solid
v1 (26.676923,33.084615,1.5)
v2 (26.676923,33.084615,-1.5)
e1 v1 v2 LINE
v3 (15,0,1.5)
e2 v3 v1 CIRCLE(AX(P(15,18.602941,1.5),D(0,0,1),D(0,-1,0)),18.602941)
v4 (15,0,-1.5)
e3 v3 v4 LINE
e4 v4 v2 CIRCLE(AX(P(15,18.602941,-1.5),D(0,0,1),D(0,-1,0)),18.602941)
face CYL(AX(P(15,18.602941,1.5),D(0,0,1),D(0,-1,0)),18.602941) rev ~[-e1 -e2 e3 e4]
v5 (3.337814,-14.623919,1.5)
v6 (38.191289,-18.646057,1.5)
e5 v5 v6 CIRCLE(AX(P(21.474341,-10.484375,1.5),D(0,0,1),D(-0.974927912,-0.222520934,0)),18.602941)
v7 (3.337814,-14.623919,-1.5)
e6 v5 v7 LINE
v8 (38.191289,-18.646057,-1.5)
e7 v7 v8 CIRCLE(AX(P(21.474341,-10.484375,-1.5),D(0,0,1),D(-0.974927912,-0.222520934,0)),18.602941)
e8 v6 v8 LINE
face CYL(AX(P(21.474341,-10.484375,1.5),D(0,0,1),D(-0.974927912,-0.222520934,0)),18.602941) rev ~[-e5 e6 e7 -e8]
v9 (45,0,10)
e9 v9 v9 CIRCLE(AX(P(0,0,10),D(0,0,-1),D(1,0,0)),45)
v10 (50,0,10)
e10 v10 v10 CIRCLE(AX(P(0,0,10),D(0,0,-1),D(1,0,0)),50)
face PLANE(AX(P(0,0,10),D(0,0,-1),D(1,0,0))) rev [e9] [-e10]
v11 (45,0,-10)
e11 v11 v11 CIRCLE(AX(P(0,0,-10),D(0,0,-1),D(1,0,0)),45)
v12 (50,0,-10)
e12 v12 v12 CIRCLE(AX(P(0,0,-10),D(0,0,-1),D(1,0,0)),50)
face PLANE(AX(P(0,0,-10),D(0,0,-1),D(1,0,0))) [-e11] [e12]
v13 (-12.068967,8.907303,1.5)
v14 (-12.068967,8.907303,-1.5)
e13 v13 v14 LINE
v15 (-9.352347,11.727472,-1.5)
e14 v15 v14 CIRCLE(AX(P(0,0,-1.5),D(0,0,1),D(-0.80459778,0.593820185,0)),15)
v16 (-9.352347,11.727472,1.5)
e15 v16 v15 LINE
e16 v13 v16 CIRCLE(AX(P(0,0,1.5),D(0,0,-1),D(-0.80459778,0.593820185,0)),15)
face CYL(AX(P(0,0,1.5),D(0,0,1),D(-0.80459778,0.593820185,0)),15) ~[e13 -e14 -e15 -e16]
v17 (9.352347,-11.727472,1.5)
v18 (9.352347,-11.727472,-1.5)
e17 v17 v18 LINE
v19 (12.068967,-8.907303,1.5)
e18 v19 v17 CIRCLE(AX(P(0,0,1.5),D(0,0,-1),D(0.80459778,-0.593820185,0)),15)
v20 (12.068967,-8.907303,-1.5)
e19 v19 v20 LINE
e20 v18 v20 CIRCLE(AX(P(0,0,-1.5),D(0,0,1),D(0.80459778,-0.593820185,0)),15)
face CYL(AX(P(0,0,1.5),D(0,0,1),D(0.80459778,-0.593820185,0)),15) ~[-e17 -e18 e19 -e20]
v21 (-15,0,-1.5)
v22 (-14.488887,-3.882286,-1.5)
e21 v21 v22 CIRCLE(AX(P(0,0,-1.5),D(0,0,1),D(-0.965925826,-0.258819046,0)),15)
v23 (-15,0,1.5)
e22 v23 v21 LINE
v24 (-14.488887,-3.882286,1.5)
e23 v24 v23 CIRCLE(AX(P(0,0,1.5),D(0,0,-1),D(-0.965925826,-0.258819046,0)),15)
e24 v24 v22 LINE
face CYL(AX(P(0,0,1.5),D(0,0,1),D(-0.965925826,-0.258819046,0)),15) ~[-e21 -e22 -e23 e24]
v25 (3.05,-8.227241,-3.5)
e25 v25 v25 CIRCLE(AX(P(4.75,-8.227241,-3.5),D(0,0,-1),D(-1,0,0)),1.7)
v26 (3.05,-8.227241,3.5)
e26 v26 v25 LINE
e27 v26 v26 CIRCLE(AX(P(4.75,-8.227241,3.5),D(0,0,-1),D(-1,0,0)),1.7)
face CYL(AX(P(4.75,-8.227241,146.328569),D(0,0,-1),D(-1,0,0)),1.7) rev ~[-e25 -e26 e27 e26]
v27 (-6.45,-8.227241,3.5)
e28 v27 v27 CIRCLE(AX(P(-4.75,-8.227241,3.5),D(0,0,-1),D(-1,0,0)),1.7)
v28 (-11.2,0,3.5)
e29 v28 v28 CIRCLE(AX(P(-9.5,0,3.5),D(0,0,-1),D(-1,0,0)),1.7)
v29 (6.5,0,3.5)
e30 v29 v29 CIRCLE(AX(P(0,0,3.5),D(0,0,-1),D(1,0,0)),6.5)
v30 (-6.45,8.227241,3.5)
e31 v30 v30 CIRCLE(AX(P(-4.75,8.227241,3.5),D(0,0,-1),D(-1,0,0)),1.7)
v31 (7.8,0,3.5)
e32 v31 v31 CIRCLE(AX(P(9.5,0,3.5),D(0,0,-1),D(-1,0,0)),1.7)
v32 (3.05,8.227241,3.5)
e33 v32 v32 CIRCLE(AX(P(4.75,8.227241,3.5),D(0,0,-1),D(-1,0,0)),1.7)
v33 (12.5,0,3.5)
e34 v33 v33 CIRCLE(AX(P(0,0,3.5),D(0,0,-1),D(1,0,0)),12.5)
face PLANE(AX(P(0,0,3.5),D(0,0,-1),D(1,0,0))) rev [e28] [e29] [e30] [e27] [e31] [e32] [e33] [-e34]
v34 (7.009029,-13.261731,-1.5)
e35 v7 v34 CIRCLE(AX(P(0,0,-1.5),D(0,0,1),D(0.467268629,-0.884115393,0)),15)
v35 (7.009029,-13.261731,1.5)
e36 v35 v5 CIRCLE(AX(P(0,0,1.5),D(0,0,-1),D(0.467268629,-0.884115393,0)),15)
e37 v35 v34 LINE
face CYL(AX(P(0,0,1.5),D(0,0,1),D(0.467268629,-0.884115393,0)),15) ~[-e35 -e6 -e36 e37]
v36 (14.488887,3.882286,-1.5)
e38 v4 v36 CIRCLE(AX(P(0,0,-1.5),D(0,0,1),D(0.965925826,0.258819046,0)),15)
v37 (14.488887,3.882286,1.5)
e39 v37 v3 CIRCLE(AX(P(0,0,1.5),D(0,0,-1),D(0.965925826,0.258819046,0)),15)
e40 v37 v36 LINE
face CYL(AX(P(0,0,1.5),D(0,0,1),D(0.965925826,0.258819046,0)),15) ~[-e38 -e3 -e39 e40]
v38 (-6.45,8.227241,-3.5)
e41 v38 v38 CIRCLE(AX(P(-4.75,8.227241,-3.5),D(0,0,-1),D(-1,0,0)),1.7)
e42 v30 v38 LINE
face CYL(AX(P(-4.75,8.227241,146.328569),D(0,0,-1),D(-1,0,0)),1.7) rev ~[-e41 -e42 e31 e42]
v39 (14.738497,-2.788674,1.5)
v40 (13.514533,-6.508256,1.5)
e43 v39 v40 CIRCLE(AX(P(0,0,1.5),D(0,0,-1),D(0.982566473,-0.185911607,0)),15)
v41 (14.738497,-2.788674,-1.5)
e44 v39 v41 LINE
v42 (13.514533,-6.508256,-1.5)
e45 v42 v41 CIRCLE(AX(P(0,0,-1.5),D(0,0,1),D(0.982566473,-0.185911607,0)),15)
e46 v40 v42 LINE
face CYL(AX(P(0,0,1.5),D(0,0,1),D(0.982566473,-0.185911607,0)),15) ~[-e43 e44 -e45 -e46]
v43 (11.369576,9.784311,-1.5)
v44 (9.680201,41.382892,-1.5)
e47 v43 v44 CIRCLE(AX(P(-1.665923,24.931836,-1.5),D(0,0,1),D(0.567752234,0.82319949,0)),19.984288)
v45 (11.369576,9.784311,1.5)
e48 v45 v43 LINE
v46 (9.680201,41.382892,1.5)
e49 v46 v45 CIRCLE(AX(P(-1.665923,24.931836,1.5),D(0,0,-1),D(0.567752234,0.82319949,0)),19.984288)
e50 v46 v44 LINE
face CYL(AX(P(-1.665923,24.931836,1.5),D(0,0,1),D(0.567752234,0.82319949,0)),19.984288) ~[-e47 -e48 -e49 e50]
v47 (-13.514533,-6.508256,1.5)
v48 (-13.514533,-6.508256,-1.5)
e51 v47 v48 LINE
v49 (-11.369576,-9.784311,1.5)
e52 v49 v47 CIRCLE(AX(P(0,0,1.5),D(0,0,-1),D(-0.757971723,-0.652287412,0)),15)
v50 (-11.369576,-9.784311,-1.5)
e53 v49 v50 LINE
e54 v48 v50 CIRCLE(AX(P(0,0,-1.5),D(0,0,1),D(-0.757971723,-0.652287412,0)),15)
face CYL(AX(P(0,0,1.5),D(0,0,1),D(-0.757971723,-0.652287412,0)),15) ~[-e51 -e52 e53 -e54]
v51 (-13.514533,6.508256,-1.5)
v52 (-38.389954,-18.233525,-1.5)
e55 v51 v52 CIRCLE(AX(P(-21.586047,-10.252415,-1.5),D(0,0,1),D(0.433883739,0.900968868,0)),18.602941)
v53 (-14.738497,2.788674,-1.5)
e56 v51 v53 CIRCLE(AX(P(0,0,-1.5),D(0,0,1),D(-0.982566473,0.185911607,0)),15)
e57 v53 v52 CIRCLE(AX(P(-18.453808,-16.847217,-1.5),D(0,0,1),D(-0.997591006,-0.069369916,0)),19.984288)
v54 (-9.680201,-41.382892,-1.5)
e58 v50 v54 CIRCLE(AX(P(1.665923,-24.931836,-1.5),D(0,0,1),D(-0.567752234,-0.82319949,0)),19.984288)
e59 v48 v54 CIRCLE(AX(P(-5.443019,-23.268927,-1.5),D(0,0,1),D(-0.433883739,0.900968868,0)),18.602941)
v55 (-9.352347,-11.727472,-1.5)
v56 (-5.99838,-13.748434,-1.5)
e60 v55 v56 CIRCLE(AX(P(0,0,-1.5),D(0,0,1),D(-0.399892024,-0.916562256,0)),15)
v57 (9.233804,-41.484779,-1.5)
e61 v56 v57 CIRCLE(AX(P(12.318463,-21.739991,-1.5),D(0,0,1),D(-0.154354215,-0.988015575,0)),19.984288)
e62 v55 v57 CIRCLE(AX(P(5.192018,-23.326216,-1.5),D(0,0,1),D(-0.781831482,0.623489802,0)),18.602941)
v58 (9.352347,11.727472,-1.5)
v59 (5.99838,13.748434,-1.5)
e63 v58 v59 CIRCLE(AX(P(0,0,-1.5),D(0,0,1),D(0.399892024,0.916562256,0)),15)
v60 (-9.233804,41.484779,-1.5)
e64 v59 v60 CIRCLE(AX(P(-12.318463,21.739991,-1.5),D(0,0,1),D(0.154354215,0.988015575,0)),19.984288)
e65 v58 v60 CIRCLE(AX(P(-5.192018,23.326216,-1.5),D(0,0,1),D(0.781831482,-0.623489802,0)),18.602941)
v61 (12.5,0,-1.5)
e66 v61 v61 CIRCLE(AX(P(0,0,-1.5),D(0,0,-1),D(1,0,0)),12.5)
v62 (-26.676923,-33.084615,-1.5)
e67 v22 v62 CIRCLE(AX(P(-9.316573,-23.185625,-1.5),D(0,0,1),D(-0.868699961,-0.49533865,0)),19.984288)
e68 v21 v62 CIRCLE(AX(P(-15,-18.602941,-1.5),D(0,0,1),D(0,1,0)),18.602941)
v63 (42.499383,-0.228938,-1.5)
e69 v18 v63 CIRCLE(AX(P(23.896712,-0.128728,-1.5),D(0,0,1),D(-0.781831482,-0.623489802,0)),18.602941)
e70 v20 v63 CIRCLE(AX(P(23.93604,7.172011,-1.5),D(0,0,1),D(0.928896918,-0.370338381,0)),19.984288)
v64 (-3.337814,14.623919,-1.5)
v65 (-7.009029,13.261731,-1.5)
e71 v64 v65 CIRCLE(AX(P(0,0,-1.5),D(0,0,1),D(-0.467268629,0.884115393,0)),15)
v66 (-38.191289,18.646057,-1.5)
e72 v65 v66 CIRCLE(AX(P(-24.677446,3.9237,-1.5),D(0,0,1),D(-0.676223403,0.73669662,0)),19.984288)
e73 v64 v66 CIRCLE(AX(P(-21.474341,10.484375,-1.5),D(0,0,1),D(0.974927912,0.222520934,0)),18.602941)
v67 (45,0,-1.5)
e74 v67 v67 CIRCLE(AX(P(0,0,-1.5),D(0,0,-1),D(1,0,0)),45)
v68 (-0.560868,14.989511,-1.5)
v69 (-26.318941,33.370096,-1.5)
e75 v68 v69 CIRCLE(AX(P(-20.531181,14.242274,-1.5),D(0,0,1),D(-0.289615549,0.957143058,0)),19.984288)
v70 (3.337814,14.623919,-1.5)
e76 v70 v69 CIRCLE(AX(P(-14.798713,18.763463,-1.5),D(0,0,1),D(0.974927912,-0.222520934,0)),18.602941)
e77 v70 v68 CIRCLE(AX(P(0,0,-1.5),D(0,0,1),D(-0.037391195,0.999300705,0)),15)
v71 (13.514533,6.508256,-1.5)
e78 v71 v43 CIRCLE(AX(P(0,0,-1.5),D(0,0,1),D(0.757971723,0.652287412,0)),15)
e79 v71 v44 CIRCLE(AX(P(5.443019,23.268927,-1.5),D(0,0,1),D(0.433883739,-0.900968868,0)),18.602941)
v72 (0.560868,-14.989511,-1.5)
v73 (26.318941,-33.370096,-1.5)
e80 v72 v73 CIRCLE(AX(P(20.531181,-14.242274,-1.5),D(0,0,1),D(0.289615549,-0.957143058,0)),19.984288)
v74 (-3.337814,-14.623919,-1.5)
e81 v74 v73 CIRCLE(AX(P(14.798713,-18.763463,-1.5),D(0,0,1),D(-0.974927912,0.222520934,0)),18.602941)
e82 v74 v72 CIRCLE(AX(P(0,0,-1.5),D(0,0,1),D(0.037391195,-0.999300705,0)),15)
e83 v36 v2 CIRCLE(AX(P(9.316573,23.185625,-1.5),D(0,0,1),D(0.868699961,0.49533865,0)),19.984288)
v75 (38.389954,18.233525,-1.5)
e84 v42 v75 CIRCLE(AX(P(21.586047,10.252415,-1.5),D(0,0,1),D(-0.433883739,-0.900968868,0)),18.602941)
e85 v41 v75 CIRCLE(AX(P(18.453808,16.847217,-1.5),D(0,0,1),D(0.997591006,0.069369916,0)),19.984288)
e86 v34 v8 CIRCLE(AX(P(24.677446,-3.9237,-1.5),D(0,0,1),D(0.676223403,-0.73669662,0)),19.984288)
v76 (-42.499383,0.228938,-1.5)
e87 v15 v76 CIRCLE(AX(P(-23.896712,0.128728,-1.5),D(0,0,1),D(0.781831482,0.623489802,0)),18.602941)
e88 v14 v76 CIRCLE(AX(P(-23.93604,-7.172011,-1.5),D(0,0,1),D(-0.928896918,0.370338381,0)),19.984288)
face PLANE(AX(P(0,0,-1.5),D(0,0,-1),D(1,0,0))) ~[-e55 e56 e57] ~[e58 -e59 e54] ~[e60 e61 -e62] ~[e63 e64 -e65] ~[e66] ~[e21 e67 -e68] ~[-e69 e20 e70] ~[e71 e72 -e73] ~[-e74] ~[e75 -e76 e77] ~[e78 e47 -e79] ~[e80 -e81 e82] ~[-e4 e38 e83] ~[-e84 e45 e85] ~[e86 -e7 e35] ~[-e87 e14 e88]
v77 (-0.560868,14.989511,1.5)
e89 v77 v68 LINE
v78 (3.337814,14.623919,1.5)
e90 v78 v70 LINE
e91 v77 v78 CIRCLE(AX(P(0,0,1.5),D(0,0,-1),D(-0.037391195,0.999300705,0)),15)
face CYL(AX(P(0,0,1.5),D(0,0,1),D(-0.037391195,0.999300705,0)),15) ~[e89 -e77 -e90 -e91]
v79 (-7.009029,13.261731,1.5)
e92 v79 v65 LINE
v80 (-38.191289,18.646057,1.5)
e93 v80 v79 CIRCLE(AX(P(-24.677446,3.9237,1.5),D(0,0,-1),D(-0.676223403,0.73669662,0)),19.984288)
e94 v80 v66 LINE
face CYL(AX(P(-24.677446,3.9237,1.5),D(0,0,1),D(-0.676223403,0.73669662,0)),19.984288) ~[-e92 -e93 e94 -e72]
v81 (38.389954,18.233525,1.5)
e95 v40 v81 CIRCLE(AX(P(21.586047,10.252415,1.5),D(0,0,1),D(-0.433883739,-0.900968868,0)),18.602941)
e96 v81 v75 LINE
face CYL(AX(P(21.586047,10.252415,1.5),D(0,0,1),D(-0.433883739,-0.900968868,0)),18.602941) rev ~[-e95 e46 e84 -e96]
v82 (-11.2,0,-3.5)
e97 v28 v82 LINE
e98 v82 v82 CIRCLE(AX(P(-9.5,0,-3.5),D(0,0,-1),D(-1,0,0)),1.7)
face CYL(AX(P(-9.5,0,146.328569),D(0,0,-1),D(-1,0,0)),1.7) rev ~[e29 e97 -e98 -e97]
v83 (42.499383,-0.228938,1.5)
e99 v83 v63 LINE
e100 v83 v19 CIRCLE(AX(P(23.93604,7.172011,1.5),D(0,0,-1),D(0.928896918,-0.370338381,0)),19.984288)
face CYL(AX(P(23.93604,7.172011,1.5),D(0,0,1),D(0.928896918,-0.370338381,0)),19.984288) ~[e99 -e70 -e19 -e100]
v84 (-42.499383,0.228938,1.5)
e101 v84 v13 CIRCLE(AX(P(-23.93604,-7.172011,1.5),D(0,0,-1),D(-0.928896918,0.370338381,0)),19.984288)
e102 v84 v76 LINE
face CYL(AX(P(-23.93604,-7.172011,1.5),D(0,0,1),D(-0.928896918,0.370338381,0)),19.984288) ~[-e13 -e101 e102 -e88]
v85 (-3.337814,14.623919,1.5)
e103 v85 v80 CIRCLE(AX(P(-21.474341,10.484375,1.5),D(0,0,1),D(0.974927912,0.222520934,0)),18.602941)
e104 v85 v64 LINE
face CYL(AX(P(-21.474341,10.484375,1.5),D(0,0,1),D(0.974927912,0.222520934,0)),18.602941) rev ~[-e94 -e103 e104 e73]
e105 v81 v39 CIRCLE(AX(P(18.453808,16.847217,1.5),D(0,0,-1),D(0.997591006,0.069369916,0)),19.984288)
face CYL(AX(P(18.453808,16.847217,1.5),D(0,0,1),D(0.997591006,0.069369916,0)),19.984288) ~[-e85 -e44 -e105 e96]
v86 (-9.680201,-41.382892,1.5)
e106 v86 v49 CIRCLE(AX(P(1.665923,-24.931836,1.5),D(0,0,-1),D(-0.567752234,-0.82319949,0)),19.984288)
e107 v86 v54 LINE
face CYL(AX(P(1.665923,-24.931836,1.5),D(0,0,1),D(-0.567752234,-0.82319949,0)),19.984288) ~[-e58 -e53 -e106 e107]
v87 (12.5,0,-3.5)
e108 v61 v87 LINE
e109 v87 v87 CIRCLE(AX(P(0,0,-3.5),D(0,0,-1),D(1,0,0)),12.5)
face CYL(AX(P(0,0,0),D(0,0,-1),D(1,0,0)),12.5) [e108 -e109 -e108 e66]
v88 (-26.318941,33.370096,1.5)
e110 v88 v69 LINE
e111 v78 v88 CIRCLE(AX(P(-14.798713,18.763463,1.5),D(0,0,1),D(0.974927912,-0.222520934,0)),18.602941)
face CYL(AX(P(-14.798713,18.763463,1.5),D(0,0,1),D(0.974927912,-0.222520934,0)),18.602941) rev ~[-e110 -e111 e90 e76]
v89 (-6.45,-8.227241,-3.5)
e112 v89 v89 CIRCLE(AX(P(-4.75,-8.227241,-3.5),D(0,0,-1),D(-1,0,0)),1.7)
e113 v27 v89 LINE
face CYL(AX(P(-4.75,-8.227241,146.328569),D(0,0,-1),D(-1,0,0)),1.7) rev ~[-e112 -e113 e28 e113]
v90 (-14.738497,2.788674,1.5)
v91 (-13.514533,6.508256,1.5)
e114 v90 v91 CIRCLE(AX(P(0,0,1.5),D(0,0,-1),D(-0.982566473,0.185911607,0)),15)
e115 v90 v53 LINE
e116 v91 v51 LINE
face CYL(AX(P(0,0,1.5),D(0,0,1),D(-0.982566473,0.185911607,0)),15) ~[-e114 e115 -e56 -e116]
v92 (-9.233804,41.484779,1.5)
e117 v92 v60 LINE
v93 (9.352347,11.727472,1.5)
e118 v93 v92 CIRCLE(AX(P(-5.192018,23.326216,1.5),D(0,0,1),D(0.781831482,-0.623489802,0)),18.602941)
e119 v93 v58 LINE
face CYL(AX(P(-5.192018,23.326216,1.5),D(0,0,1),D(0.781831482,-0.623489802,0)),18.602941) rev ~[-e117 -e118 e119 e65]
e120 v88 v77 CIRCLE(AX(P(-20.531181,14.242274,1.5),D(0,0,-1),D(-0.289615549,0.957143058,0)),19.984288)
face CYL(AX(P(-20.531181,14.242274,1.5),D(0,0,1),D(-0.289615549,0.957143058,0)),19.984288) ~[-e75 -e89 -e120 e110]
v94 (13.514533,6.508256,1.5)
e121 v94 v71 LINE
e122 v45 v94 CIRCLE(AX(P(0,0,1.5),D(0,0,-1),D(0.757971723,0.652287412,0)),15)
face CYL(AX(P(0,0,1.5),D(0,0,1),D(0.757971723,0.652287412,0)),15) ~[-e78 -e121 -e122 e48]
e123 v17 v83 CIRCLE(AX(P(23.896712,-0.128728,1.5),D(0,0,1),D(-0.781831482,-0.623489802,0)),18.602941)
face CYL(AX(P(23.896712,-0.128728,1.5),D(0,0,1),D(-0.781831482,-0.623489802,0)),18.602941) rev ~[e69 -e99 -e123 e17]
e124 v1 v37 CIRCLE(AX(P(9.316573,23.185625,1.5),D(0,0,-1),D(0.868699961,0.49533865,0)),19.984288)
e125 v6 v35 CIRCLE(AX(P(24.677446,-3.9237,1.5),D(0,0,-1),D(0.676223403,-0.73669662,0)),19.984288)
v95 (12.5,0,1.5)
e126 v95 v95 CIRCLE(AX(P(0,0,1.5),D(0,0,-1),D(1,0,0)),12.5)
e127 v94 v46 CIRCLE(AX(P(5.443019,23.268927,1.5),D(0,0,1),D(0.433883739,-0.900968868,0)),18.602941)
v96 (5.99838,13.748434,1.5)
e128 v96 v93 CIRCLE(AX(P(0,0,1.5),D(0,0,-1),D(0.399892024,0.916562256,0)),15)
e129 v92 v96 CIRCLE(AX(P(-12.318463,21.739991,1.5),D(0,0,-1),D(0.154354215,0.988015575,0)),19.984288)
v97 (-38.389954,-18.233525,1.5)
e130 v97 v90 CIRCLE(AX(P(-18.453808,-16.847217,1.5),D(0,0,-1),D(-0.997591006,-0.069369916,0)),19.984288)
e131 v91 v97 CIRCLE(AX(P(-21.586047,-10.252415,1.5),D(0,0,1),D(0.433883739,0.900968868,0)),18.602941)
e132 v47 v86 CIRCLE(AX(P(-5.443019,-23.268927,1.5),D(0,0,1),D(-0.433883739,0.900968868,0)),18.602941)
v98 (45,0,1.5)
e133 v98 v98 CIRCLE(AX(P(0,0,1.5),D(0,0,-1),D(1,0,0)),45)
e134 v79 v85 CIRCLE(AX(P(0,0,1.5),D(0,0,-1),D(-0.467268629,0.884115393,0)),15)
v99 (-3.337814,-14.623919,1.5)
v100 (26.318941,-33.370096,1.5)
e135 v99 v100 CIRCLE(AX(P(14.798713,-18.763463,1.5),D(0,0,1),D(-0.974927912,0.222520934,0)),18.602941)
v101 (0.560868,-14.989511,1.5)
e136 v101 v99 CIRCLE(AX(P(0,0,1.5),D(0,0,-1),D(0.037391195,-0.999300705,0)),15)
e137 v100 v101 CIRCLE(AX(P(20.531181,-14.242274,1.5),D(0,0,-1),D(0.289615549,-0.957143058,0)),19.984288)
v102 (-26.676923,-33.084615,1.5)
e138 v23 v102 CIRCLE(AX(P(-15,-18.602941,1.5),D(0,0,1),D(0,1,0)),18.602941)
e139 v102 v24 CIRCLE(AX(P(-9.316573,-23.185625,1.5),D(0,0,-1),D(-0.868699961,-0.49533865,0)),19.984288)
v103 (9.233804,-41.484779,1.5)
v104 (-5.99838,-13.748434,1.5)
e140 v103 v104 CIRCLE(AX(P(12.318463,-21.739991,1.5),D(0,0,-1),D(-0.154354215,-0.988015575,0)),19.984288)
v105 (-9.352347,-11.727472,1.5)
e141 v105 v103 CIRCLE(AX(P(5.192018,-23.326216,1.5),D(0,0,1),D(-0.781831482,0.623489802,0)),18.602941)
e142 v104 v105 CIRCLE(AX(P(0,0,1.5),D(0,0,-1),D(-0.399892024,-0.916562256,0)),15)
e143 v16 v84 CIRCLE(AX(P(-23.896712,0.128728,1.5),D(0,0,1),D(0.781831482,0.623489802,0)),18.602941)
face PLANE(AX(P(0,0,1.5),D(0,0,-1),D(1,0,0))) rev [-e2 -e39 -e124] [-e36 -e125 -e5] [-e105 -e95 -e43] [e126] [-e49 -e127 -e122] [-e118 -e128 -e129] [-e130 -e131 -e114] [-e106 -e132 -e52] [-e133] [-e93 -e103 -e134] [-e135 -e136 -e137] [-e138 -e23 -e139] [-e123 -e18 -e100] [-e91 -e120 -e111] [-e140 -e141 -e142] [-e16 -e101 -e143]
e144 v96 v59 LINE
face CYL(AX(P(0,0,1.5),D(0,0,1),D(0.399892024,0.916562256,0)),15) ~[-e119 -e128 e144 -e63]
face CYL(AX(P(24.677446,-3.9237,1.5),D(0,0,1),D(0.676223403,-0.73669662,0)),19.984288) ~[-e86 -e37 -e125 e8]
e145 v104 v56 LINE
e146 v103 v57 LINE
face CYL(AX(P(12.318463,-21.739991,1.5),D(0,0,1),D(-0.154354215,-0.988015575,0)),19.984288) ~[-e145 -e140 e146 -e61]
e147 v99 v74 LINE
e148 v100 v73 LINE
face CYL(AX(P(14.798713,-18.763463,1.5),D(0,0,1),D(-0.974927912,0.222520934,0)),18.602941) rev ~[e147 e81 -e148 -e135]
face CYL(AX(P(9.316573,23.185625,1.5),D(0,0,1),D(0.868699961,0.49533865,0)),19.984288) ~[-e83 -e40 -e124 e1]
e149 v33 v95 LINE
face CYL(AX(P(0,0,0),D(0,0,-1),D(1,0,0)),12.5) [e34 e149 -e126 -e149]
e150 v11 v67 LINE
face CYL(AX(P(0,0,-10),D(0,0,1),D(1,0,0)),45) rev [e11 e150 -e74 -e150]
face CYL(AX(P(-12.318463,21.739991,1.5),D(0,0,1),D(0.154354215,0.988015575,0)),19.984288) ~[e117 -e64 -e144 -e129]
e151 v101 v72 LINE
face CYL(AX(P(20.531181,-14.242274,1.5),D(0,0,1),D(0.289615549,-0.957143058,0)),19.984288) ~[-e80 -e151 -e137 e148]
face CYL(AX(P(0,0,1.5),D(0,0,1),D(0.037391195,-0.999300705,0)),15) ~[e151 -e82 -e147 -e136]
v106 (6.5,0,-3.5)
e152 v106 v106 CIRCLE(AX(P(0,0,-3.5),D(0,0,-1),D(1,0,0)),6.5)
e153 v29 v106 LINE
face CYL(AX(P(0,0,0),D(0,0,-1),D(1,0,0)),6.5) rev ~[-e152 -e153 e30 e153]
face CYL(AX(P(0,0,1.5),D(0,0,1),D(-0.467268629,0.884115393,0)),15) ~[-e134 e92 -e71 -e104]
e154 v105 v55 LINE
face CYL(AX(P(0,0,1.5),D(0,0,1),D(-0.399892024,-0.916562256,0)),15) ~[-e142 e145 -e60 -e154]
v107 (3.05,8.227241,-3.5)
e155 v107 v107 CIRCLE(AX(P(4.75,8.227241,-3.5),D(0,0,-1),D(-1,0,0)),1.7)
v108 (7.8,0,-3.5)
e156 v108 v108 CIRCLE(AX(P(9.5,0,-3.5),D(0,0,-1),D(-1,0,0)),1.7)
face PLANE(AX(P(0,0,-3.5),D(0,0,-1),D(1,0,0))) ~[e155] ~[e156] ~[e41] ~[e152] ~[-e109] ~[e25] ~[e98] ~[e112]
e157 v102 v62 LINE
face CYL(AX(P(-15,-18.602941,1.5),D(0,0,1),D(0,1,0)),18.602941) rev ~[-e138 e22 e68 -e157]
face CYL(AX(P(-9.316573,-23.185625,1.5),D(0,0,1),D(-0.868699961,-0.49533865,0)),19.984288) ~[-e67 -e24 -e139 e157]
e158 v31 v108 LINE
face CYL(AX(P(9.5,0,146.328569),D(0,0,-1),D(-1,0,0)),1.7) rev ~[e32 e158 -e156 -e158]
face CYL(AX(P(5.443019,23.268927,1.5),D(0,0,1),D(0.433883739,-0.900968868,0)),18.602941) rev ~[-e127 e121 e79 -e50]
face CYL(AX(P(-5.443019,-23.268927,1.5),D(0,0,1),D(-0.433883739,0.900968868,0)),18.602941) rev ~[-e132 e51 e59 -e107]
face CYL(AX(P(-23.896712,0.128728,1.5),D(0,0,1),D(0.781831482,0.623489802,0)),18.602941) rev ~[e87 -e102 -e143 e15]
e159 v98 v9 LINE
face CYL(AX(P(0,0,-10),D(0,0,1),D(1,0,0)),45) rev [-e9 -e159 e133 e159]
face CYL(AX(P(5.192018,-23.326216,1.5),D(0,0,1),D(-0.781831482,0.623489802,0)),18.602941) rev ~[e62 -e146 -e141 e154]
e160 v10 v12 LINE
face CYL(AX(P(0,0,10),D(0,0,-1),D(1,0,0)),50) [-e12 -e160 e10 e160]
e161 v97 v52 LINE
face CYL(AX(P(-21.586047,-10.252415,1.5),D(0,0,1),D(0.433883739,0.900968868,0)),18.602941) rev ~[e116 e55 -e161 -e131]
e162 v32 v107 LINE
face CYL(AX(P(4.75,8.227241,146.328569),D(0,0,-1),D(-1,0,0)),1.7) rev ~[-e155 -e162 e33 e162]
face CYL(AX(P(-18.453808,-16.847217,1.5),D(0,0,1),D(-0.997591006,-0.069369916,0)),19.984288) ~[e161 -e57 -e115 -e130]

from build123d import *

# Parameters (mm, degrees)
SKETCH1_W            = 32.5
SKETCH1_H            = 3
SKETCH1_W_2          = 6
SKETCH1_H_2          = 7
M3_CLEARANCE_HOLE1_D = 3.4
CUT_EXTRUDE1_DEPTH   = 12.5
CIRPATTERN1_COUNT    = 14


with BuildPart() as part:
    # Sketch1 → Revolve1 (revolve)
    with BuildSketch(Plane(origin=(0, 0, 0), x_dir=(1, 0, 0), z_dir=(0, 1, 0))):
        Polygon((45, 1.5), (45, -1.5), (45, -10), (50, -10), (50, 10), (45, 10), align=None)
        with Locations((28.75, 0)):
            Rectangle(SKETCH1_W, SKETCH1_H)
        with Locations((9.5, 0)):
            Rectangle(SKETCH1_W_2, SKETCH1_H_2)
    revolve(axis=Axis((0, 0, 77.742212382), (0, 0, -1)))

    # M3 Clearance Hole1 (through all)
    with Locations(Plane.XY.offset(3.5)):
        with Locations((-4.75, 8.227241336), (4.75, 8.227241336), (9.5, 0), (4.75, -8.227241336), (-4.75, -8.227241336), (-9.5, 0)):
            Hole(M3_CLEARANCE_HOLE1_D / 2)

    # Sketch5 → Cut-Extrude1 (cut, through all)
    with BuildSketch(Plane.XY.offset(1.5)):
        with BuildLine():
            ThreePointArc((14.488887394, 3.882285677), (14.871672921, 1.957892883), (15, 0))
            ThreePointArc((15, 0), (32.542393706, 12.411508104), (26.676923077, 33.084615385))
            ThreePointArc((26.676923077, 33.084615385), (27.759031054, 15.488385465), (14.488887394, 3.882285677))
        make_face()
    cut_extrude1 = extrude(amount=-CUT_EXTRUDE1_DEPTH, mode=Mode.SUBTRACT)

    # CirPattern1: Cut-Extrude1 ×14 about axis
    cirpattern1_axis = Axis((0, 0, 0), (0, 0, 1))
    for i in range(1, CIRPATTERN1_COUNT):
        add(cut_extrude1.rotate(cirpattern1_axis, i * 360 / CIRPATTERN1_COUNT), mode=Mode.SUBTRACT)


solid = part.part
